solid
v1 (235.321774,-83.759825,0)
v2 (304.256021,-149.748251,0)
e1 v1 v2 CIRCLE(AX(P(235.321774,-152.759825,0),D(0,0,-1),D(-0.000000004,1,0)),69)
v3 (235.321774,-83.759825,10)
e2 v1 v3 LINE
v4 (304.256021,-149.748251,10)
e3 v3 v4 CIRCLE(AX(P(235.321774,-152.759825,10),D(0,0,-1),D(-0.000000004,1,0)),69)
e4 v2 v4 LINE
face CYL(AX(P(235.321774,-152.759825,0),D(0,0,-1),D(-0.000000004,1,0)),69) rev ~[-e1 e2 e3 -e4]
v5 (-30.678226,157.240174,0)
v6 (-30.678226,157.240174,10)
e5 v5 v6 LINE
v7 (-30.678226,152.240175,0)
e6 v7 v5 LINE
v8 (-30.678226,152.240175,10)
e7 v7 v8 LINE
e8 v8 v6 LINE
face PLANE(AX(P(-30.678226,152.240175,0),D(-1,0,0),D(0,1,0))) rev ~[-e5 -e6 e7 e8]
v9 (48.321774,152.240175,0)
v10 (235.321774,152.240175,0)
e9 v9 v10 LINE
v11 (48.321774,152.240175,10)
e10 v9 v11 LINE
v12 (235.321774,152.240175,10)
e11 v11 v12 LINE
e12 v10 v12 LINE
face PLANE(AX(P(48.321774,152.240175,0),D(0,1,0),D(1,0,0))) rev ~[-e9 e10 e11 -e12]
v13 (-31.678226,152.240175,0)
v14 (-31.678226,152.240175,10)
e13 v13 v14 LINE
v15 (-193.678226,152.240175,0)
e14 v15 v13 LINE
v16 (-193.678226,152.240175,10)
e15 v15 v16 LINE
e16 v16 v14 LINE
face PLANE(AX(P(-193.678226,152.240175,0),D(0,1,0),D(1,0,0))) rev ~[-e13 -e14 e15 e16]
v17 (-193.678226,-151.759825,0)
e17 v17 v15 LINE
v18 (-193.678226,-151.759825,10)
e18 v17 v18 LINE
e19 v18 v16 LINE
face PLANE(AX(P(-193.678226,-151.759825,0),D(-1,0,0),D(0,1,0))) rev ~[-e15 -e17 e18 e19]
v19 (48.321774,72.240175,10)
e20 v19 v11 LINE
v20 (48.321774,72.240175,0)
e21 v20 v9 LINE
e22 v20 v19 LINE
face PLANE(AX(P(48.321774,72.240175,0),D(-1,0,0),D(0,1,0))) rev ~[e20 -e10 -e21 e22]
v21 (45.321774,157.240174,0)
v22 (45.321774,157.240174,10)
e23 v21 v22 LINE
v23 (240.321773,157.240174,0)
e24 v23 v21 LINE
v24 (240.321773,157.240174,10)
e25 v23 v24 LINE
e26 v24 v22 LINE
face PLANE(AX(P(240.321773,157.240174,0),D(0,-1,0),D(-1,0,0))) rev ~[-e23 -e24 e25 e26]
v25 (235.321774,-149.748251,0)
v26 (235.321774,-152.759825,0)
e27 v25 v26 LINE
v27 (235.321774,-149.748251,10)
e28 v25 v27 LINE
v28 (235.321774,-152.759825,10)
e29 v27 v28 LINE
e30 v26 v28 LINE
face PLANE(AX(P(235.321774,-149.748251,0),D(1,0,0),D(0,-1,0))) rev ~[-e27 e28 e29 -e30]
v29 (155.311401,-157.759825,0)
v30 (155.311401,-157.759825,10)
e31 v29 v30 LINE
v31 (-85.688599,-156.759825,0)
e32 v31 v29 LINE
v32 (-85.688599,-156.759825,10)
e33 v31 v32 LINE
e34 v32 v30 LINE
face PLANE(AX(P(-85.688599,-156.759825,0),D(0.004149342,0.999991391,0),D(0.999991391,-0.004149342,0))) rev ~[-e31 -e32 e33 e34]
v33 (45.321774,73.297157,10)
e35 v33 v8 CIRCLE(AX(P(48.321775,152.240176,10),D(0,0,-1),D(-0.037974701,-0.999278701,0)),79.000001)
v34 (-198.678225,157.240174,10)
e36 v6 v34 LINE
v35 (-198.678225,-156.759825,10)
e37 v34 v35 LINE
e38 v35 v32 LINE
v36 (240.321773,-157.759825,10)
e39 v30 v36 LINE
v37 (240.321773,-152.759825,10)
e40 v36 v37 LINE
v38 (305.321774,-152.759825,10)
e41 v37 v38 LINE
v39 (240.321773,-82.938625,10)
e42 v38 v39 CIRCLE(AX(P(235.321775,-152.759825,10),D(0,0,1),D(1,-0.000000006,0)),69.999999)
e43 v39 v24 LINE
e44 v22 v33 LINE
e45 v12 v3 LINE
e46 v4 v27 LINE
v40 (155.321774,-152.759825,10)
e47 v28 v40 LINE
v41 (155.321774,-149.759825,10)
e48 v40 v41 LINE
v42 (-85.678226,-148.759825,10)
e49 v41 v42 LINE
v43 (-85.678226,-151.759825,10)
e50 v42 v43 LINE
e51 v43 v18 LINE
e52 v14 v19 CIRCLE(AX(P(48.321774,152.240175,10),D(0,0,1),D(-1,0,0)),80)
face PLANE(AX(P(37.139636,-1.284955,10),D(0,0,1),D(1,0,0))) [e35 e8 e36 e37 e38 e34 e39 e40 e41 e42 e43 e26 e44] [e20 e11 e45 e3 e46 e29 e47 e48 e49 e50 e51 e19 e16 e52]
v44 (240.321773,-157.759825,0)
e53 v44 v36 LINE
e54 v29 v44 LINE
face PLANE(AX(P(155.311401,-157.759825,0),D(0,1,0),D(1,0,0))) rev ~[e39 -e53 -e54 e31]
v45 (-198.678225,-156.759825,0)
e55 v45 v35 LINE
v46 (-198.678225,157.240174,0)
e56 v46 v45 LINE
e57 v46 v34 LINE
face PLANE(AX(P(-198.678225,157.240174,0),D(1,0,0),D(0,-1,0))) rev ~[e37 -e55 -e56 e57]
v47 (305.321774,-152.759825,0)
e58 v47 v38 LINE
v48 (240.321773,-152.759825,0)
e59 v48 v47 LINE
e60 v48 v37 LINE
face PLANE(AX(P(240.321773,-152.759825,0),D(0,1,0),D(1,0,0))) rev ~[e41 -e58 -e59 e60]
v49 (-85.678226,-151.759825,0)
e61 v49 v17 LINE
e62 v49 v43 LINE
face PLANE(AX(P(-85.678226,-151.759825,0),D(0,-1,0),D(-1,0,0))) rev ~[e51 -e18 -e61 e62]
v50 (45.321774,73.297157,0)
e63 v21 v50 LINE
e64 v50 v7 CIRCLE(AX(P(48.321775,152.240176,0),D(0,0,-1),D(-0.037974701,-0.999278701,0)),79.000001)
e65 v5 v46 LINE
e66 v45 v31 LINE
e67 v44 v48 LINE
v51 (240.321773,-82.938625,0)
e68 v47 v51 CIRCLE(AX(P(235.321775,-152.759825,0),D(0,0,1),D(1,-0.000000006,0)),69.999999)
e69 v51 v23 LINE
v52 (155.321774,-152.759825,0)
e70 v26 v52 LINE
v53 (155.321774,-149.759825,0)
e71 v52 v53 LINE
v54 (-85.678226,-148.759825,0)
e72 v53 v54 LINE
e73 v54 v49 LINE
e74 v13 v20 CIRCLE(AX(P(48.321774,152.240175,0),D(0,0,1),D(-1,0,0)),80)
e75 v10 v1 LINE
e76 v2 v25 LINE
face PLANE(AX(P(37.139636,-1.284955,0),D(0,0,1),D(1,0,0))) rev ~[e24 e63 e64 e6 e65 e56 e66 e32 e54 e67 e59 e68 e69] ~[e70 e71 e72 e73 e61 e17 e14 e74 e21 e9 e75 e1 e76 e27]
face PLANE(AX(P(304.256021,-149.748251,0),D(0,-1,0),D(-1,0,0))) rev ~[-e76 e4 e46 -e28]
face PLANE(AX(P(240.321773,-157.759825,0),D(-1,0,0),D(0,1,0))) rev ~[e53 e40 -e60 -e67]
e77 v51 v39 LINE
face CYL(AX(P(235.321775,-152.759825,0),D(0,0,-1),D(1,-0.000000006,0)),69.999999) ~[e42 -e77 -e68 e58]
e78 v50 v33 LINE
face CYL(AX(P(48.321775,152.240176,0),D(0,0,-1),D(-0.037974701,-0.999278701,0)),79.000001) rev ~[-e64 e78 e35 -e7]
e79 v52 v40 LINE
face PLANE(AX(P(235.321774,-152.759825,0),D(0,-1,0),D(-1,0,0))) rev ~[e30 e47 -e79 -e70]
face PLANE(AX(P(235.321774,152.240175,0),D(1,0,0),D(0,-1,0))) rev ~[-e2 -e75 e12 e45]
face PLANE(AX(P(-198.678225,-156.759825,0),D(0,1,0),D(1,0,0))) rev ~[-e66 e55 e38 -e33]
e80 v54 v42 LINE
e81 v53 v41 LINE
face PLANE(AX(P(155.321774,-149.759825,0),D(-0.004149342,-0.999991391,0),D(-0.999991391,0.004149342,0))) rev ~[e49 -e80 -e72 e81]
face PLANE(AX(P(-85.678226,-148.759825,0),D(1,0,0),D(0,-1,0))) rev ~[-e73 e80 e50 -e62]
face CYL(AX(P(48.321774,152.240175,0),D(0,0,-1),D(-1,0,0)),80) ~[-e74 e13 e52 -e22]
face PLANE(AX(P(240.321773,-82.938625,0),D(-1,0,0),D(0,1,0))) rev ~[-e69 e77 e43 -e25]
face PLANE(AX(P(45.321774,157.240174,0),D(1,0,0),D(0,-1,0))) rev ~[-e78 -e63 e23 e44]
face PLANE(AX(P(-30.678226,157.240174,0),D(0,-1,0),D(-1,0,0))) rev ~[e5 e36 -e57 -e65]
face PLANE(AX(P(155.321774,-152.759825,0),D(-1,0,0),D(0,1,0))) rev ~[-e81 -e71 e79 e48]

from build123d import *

# Parameters (mm, degrees)
F1_DEPTH = 10


with BuildPart() as f1:
    # F0 (on Top) → F1 (new body)
    with BuildSketch(Plane.XY):
        with BuildLine():
            Line((240.321773, 157.240174), (48.321774, 157.240174))
            Line((48.321774, 157.240174), (45.321774, 157.240174))
            Line((45.321774, 157.240174), (45.321774, 73.297157))
            ThreePointArc((45.321774, 73.297157), (-8.590439, 97.449665), (-30.678226, 152.240175))
            Line((-30.678226, 152.240175), (-30.678226, 157.240174))
            Line((-30.678226, 157.240174), (-31.678226, 157.240174))
            Line((-31.678226, 157.240174), (-198.678225, 157.240174))
            Line((-198.678225, 157.240174), (-198.678225, -156.759825))
            Line((-198.678225, -156.759825), (-85.688599, -156.759825))
            Line((-85.688599, -156.759825), (155.311401, -157.759825))
            Line((155.311401, -157.759825), (240.321773, -157.759825))
            Line((240.321773, -157.759825), (240.321773, -152.759825))
            Line((240.321773, -152.759825), (304.321774, -152.759825))
            Line((304.321774, -152.759825), (305.321774, -152.759825))
            ThreePointArc((305.321774, -152.759825), (286.556528, -105.062865), (240.321773, -82.938625))
            Line((240.321773, -82.938625), (240.321773, -82.759825))
            Line((240.321773, -82.759825), (240.321773, 157.240174))
        make_face()
        with BuildLine():
            Line((-193.678226, -151.759825), (-193.678226, 152.240175))
            Line((-193.678226, 152.240175), (-31.678226, 152.240175))
            ThreePointArc((-31.678226, 152.240175), (-8.246768, 95.671632), (48.321774, 72.240175))
            Line((48.321774, 72.240175), (48.321774, 73.240175))
            Line((48.321774, 73.240175), (48.321774, 152.240175))
            Line((48.321774, 152.240175), (235.321774, 152.240175))
            Line((235.321774, 152.240175), (235.321774, -82.759825))
            Line((235.321774, -82.759825), (235.321774, -83.759825))
            ThreePointArc((235.321774, -83.759825), (283.035511, -102.916076), (304.256021, -149.748251))
            Line((304.256021, -149.748251), (235.321774, -149.748251))
            Line((235.321774, -149.748251), (235.321774, -152.759825))
            Line((235.321774, -152.759825), (155.321774, -152.759825))
            Line((155.321774, -152.759825), (155.321774, -149.759825))
            Line((155.321774, -149.759825), (-85.678226, -148.759825))
            Line((-85.678226, -148.759825), (-85.678226, -151.759825))
            Line((-85.678226, -151.759825), (-193.678226, -151.759825))
        make_face(mode=Mode.SUBTRACT)
    extrude(amount=F1_DEPTH)


solid = f1.part
